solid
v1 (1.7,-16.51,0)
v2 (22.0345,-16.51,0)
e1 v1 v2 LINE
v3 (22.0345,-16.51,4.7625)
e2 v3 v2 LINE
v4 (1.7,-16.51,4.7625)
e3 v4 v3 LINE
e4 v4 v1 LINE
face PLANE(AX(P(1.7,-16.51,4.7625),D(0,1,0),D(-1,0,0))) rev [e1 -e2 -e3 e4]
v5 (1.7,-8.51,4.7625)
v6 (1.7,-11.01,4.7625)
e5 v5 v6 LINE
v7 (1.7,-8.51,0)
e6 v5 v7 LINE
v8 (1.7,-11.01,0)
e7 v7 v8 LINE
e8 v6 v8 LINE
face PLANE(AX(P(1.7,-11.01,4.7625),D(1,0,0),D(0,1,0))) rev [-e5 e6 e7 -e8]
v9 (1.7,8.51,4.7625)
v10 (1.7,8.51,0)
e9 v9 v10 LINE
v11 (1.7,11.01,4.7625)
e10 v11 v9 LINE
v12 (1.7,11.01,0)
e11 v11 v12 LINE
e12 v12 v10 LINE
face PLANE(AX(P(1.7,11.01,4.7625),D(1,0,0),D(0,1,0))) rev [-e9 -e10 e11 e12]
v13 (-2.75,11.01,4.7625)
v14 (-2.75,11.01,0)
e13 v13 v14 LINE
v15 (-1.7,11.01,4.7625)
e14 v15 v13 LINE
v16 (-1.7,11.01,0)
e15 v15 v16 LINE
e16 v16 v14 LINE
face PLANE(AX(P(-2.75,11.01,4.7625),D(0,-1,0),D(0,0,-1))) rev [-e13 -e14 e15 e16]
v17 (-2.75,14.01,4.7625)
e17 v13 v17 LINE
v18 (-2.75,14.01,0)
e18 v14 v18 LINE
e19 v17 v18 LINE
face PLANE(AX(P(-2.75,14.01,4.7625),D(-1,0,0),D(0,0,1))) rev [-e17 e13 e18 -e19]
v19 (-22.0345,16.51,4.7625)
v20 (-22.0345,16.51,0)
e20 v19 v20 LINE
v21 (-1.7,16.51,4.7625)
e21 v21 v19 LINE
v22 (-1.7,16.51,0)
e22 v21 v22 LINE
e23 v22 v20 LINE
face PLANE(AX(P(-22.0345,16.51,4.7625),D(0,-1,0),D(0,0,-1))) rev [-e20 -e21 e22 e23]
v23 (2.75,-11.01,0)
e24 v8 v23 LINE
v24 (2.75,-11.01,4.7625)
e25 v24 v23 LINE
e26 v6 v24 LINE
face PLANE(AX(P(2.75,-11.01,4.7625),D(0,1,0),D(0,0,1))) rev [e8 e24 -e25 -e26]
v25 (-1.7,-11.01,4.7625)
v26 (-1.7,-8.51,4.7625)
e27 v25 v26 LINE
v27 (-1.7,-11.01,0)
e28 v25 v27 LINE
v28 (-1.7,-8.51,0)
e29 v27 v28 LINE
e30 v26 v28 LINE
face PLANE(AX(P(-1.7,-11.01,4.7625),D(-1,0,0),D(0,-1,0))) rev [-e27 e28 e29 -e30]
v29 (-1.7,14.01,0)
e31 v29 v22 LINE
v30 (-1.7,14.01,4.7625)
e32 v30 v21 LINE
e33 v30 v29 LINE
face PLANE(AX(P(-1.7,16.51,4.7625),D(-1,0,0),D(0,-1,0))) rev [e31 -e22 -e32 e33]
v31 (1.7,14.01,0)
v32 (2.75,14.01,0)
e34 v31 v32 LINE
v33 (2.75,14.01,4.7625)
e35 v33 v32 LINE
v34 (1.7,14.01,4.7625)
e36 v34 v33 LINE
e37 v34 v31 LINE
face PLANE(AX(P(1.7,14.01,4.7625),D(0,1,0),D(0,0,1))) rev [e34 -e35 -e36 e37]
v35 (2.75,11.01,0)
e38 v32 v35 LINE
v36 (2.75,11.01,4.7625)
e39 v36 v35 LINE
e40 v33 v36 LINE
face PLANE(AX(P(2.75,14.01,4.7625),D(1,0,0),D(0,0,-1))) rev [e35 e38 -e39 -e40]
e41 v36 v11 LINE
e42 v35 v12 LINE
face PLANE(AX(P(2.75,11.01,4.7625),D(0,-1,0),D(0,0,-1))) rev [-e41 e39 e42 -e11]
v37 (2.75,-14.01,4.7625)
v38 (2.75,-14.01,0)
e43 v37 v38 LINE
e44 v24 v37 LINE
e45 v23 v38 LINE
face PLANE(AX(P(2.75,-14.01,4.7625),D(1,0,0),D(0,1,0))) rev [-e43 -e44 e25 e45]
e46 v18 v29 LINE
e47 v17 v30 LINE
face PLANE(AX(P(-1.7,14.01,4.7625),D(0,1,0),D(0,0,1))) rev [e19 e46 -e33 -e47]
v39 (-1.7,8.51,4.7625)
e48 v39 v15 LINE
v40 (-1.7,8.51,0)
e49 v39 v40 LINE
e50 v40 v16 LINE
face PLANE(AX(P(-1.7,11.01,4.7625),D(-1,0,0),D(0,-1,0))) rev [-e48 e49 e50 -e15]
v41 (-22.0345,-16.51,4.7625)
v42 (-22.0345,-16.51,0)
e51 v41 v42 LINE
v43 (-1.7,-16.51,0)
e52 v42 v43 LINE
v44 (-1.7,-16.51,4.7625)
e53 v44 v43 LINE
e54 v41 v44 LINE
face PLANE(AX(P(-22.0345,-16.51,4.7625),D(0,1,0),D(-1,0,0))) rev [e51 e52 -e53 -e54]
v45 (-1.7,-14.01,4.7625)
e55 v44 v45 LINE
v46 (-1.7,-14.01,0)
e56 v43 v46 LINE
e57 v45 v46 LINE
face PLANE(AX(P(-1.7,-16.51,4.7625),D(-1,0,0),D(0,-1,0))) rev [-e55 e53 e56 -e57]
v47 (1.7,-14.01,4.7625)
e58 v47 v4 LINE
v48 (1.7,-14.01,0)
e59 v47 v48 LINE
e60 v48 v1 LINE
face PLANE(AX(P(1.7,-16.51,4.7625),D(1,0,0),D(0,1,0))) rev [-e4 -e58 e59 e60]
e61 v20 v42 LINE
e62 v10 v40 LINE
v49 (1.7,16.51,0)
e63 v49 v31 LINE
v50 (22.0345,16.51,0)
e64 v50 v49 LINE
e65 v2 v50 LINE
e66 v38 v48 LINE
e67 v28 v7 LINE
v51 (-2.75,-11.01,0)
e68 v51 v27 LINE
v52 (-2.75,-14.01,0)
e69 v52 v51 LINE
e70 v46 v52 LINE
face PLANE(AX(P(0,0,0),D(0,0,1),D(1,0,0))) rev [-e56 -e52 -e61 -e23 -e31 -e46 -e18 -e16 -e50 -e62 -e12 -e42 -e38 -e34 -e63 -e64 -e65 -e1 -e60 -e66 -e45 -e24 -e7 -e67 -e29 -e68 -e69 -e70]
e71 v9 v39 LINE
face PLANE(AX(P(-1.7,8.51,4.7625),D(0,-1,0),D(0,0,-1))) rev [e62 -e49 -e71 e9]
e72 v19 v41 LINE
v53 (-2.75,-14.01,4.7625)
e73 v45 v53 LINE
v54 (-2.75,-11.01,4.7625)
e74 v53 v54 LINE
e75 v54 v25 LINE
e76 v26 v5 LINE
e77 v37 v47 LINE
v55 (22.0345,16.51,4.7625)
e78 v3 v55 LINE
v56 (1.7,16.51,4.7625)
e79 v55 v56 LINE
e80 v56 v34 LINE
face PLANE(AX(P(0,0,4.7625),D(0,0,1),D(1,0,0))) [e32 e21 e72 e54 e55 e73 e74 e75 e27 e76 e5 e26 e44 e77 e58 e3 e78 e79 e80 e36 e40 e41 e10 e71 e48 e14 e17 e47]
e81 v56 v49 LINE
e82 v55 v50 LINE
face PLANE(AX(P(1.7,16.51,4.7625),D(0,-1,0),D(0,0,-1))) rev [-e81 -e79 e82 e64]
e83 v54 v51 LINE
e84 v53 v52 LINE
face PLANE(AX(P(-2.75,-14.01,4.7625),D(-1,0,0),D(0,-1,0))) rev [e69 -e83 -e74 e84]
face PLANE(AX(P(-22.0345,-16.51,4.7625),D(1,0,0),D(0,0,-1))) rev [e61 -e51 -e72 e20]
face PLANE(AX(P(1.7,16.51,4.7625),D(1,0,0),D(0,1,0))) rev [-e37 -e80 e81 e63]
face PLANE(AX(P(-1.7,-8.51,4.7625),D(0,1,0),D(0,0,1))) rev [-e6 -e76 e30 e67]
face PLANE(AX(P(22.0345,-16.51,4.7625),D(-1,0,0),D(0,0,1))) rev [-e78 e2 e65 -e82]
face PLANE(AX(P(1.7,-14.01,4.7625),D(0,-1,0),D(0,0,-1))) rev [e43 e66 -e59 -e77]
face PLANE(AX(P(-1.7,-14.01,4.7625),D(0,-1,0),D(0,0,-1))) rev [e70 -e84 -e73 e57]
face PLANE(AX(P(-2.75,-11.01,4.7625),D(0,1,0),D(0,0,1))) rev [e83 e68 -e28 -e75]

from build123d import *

# Parameters (mm, degrees)
BOSS_EXTRUDE1_DEPTH = 4.7625


with BuildPart() as part:
    # Sketch1 → Boss-Extrude1 (new body)
    with BuildSketch(Plane.XY):
        Polygon((-22.0345, -16.51), (-1.7, -16.51), (-1.7, -14.01), (-2.75, -14.01), (-2.75, -11.01), (-1.7, -11.01), (-1.7, -8.51), (1.7, -8.51), (1.7, -11.01), (2.75, -11.01), (2.75, -14.01), (1.7, -14.01), (1.7, -16.51), (22.0345, -16.51), (22.0345, 16.51), (1.7, 16.51), (1.7, 14.01), (2.75, 14.01), (2.75, 11.01), (1.7, 11.01), (1.7, 8.51), (-1.7, 8.51), (-1.7, 11.01), (-2.75, 11.01), (-2.75, 14.01), (-1.7, 14.01), (-1.7, 16.51), (-22.0345, 16.51), align=None)
    extrude(amount=BOSS_EXTRUDE1_DEPTH)


solid = part.part
